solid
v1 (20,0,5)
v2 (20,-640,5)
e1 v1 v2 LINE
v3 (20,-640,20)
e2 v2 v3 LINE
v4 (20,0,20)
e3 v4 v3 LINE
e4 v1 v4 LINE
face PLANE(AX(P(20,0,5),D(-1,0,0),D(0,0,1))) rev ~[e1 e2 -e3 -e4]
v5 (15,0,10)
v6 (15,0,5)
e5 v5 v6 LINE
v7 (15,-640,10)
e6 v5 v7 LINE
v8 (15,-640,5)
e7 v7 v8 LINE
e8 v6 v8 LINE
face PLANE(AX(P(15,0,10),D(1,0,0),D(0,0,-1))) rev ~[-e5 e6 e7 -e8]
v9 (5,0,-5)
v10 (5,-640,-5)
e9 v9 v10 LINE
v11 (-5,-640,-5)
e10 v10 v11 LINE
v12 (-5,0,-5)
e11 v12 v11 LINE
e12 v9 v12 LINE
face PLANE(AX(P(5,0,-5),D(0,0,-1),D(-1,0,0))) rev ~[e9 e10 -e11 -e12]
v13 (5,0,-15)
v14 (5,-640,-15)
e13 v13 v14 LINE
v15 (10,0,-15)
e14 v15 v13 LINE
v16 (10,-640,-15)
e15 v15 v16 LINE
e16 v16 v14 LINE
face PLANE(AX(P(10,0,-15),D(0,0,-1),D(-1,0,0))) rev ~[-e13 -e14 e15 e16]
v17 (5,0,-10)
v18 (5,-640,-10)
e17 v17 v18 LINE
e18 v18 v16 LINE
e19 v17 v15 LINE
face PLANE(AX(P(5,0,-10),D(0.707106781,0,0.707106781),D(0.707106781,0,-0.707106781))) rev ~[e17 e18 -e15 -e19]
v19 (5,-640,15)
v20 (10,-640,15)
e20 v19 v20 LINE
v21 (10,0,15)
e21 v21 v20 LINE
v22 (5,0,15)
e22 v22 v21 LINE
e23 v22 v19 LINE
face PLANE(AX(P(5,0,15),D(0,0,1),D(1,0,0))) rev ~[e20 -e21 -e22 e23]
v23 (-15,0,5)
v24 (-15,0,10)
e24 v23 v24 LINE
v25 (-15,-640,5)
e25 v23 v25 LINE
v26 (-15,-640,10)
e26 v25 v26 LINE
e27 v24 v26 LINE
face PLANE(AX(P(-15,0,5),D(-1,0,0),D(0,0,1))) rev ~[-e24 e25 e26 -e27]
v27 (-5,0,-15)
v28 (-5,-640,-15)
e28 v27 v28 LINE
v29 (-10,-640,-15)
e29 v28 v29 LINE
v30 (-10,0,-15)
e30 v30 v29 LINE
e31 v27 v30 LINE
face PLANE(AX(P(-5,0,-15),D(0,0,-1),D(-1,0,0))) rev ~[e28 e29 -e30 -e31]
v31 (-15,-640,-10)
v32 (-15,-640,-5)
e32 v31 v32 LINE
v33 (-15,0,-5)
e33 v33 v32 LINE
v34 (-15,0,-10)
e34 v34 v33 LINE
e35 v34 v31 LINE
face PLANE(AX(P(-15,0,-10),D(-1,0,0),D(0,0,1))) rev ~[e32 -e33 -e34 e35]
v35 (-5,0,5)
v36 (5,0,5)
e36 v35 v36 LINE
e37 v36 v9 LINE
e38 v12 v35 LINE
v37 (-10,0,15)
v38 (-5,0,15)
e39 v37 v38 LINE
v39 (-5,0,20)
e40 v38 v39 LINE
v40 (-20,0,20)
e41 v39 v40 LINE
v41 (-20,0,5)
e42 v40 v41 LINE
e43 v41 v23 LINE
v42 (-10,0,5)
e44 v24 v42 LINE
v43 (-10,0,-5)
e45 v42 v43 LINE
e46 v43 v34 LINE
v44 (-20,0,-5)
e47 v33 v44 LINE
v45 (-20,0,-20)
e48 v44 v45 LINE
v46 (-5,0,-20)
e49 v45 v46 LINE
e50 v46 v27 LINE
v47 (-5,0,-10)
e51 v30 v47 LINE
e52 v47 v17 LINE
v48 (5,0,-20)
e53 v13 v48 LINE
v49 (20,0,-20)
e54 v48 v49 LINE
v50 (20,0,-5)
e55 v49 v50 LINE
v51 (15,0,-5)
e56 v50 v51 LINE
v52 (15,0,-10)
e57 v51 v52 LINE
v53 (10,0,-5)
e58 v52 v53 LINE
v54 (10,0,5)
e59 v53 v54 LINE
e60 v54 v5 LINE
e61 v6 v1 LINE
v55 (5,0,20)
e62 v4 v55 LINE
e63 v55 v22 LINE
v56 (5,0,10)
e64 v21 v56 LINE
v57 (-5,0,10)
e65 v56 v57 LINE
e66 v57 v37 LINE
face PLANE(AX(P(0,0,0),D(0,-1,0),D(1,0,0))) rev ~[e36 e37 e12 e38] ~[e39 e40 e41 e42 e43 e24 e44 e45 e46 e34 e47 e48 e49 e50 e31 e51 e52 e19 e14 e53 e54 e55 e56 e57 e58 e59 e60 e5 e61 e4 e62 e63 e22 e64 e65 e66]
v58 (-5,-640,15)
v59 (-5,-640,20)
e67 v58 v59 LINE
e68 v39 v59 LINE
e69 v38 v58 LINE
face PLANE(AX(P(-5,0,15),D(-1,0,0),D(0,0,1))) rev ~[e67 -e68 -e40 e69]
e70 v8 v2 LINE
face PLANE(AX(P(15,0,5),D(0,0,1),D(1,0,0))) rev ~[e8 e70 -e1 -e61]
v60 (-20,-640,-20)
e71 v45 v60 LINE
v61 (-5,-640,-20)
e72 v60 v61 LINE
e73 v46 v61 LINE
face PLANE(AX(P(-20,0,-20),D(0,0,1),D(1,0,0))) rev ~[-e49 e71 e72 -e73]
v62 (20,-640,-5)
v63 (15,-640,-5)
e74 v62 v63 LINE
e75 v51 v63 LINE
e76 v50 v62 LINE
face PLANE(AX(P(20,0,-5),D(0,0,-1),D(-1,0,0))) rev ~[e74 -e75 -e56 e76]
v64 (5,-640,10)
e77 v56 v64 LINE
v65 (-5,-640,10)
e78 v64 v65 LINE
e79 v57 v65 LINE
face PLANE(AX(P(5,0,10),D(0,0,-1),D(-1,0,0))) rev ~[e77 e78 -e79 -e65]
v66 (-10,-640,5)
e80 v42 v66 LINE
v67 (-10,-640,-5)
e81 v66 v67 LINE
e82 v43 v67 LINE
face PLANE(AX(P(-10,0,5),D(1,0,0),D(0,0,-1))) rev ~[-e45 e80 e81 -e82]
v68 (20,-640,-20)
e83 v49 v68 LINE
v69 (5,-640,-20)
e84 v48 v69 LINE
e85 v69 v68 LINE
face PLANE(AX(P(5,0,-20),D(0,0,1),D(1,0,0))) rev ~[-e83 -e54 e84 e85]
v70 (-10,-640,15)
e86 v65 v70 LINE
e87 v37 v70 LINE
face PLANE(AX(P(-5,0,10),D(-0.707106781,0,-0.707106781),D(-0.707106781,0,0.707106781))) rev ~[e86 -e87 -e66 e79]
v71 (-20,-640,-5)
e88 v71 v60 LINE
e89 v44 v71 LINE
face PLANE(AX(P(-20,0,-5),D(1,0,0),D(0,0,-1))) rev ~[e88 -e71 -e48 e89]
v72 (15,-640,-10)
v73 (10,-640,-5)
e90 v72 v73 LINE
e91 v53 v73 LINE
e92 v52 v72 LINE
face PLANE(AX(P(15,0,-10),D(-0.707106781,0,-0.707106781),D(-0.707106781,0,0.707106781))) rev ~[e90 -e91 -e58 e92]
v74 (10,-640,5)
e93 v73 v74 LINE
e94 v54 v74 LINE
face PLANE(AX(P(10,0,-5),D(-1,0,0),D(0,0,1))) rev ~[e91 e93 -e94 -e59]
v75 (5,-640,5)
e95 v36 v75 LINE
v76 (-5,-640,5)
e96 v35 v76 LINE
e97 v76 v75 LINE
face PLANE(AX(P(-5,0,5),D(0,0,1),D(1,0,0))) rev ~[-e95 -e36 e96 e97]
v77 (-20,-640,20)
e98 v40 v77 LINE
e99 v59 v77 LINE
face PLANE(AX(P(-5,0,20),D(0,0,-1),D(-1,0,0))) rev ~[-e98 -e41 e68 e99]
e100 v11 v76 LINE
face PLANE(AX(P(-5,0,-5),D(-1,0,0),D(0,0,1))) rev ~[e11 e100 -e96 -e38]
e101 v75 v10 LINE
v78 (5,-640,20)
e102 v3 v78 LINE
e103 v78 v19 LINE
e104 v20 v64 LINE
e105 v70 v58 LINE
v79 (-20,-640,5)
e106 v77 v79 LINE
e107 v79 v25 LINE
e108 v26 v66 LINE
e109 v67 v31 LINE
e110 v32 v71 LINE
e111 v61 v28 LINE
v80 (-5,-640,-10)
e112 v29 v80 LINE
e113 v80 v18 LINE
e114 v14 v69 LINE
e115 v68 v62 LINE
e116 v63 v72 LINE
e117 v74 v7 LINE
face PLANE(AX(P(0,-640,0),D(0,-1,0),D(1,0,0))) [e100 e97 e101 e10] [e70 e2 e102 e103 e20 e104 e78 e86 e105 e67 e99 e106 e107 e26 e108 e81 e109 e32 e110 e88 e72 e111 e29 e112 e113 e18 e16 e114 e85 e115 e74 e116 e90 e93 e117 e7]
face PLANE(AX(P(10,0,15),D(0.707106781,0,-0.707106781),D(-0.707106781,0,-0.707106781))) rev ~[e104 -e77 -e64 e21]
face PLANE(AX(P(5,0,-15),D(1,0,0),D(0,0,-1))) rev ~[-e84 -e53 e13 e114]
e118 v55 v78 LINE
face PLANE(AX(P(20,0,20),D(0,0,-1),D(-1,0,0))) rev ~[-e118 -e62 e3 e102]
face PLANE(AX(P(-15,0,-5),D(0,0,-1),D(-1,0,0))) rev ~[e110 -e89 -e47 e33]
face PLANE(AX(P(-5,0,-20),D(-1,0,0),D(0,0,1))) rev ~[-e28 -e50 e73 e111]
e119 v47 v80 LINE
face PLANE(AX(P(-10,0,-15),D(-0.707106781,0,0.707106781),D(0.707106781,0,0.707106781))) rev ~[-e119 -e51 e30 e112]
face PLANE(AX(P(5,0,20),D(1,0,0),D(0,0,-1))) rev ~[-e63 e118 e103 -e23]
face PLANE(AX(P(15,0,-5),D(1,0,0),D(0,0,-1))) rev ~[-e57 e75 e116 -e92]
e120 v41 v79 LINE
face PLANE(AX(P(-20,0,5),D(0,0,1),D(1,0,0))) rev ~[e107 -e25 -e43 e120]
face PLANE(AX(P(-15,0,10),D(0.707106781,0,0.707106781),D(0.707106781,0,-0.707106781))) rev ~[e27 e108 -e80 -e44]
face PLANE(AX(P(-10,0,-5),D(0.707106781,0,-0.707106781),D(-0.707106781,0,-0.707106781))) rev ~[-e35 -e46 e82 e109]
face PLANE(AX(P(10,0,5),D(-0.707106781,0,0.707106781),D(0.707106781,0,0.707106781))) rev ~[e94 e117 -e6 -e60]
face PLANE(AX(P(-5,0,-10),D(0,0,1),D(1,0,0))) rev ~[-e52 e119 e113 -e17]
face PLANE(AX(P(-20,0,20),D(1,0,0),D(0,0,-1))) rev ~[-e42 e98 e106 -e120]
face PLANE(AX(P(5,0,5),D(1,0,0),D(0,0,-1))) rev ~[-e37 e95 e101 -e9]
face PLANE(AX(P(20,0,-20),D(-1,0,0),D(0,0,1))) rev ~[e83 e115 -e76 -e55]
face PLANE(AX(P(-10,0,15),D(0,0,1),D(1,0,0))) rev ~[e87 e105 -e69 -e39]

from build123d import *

# Parameters (mm, degrees)
F1_DEPTH = 640


with BuildPart() as f1:
    # F0 (on Front) → F1 (new body)
    with BuildSketch(Plane.XZ):
        Polygon((20, 5), (20, 20), (5, 20), (5, 15), (10, 15), (5, 10), (-5, 10), (-10, 15), (-5, 15), (-5, 20), (-20, 20), (-20, 5), (-15, 5), (-15, 10), (-10, 5), (-10, -5), (-15, -10), (-15, -5), (-20, -5), (-20, -20), (-5, -20), (-5, -15), (-10, -15), (-5, -10), (5, -10), (10, -15), (5, -15), (5, -20), (20, -20), (20, -5), (15, -5), (15, -10), (10, -5), (10, 5), (15, 10), (15, 5), align=None)
        Polygon((-5, 0), (-5, 5), (0, 5), (5, 5), (5, 0), (5, -5), (0, -5), (-5, -5), align=None, mode=Mode.SUBTRACT)
    extrude(amount=F1_DEPTH)


solid = f1.part
